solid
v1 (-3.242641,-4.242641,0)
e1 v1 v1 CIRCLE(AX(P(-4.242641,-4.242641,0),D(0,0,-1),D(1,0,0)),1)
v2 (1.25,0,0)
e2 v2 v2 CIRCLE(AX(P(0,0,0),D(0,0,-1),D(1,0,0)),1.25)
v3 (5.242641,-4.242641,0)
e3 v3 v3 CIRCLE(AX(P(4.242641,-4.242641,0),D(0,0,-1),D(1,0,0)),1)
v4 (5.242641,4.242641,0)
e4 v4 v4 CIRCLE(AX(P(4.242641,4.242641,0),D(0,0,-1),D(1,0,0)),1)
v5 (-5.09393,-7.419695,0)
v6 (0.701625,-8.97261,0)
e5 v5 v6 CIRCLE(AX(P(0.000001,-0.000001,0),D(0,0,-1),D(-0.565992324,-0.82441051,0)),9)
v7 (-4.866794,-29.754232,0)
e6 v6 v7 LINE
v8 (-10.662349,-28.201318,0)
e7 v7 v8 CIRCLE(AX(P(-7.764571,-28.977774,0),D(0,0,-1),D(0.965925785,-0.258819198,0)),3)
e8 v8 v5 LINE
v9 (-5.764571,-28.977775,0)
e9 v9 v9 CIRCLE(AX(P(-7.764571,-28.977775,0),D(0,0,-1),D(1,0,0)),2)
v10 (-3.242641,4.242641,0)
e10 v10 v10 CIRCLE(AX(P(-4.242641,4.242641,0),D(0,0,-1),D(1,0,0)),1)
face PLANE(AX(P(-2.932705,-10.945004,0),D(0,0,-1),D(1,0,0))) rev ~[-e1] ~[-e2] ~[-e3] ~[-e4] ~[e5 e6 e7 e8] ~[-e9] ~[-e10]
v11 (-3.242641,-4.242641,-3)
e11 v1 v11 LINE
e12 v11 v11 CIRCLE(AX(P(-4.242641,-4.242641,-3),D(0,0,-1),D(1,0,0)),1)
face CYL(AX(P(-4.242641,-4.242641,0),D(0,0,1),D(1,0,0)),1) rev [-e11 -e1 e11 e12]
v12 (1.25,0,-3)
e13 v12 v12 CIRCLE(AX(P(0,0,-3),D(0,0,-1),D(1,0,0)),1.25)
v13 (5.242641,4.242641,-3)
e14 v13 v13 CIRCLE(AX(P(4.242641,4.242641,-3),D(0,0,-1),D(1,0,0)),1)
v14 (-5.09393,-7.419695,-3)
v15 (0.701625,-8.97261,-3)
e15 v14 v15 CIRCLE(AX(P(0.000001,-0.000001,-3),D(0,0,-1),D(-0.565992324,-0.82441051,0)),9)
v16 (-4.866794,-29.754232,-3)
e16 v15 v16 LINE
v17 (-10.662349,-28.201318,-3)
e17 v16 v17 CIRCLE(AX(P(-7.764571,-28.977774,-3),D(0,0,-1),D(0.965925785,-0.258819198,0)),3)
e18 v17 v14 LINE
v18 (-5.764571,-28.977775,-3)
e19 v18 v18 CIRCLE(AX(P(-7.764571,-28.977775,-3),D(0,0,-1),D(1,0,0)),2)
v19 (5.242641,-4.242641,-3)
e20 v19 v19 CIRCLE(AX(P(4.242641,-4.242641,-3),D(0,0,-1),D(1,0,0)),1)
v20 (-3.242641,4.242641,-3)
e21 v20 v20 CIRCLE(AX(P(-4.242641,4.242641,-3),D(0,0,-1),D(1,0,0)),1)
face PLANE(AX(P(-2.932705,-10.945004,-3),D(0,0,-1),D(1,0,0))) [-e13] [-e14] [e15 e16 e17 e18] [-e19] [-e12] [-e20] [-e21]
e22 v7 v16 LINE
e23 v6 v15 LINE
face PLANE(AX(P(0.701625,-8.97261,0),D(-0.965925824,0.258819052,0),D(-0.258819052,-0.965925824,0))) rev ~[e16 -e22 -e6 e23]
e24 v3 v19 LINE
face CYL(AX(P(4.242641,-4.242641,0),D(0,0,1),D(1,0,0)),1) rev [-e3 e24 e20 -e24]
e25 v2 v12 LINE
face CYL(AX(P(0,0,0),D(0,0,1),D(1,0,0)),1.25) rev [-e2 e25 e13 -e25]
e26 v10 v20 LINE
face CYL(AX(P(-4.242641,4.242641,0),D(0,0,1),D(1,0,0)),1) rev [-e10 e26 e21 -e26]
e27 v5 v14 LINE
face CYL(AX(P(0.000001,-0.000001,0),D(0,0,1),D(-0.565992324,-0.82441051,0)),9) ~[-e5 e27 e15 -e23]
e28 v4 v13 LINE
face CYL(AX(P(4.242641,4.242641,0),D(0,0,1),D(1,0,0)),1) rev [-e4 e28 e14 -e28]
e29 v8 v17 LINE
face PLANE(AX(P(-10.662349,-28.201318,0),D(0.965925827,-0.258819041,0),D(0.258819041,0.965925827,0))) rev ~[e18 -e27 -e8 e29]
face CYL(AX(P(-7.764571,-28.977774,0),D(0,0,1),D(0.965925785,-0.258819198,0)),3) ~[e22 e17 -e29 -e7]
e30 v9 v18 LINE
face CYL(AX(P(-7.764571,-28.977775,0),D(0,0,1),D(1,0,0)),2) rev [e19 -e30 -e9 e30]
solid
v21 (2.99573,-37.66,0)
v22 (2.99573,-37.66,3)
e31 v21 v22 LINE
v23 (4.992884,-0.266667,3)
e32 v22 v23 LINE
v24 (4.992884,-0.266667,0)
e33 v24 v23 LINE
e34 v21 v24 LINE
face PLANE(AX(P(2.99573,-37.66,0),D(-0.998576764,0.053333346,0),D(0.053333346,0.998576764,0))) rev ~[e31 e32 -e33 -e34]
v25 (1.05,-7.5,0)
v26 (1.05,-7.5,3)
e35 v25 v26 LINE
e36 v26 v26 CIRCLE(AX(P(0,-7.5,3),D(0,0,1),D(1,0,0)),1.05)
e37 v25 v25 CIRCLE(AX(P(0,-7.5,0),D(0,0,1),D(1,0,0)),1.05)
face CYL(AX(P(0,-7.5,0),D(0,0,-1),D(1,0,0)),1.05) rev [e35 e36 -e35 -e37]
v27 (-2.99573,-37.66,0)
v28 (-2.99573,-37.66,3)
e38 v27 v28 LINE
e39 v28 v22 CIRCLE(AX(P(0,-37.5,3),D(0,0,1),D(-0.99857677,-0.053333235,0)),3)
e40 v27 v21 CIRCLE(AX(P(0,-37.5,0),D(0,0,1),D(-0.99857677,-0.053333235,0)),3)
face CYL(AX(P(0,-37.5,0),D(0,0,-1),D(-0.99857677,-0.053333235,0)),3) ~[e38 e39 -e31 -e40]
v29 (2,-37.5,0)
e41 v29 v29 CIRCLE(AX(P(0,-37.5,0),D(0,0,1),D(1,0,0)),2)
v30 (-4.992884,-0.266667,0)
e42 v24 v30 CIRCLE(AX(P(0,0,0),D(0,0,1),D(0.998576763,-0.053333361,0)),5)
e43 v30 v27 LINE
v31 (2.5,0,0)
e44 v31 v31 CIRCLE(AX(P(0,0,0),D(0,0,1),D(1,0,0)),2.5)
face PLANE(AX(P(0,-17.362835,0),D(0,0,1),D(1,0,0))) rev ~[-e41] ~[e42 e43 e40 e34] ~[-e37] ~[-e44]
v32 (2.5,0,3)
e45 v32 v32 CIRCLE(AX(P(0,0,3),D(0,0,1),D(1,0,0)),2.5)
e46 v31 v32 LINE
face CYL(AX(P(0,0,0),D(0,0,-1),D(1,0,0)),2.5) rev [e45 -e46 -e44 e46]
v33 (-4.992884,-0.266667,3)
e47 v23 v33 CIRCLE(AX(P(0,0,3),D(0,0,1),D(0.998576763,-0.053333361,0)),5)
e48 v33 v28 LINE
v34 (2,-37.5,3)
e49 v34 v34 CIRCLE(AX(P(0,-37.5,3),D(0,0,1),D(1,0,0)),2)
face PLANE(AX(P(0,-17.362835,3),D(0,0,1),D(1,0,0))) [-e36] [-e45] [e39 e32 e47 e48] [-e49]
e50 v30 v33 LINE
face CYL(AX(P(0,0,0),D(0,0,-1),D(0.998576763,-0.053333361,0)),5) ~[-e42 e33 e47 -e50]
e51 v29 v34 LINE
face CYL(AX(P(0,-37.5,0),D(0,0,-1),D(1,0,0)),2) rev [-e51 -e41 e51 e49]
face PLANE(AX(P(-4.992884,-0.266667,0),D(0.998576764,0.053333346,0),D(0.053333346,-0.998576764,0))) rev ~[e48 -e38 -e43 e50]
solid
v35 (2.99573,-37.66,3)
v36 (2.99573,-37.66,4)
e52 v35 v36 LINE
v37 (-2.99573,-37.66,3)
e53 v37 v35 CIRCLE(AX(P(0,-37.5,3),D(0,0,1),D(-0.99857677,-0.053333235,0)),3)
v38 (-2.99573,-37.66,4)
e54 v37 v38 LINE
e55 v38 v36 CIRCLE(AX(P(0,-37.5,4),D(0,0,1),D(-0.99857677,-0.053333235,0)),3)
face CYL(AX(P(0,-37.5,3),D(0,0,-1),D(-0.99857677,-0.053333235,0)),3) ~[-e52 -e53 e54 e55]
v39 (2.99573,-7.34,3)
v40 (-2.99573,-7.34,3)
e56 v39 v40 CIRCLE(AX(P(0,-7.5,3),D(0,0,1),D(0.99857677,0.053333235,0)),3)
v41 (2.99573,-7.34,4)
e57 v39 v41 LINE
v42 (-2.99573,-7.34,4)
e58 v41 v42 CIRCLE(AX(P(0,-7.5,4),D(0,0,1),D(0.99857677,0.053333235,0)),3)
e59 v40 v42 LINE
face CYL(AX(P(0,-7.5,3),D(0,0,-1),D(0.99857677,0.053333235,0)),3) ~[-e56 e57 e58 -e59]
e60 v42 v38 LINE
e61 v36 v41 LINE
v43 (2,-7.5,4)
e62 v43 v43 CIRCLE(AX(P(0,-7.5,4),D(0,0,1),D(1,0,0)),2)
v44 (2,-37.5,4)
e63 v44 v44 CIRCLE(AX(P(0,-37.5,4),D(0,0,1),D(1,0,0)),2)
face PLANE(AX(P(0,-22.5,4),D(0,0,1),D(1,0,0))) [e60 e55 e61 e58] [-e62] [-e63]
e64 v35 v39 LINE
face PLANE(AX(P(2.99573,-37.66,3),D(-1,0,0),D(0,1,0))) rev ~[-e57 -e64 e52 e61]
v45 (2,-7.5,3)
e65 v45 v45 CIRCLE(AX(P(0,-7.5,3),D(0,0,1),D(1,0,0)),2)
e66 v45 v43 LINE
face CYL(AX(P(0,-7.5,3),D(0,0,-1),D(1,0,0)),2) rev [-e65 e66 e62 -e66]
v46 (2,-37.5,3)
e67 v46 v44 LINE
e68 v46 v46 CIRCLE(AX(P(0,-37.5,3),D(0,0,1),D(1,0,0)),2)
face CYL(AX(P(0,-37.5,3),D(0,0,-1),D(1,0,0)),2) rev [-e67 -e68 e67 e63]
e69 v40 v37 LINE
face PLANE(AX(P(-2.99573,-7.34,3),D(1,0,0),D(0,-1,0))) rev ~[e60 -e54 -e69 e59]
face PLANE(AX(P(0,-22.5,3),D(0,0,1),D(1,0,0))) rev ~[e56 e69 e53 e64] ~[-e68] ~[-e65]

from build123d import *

# Parameters (mm, degrees)
F0_R     = 2
F0_R_2   = 1.05
F0_R_3   = 2.5
F1_DEPTH = 3
F2_R     = 2
F3_DEPTH = 1
F4_R     = 1
F4_R_2   = 1.25
F4_R_3   = 2
F5_DEPTH = 3


with BuildPart() as f1:
    # F0 (on Top) → F1 (new body)
    with BuildSketch(Plane.XY):
        with BuildLine():
            Line((2.99573, -37.66), (4.992884, -0.266667))
            ThreePointArc((4.992884, -0.266667), (0, 5), (-4.992884, -0.266667))
            Line((-4.992884, -0.266667), (-2.99573, -37.66))
            ThreePointArc((-2.99573, -37.66), (0, -40.5), (2.99573, -37.66))
        make_face()
        with Locations((0, -37.5)):
            Circle(F0_R, mode=Mode.SUBTRACT)
        with Locations((0, -7.5)):
            Circle(F0_R_2, mode=Mode.SUBTRACT)
        Circle(F0_R_3, mode=Mode.SUBTRACT)
    extrude(amount=F1_DEPTH)


with BuildPart() as f3:
    # F2 (on face) → F3 (new body)
    with BuildSketch(Plane.XY.offset(3)):
        with BuildLine():
            Line((-2.99573, -7.34), (-2.99573, -37.66))
            ThreePointArc((-2.99573, -37.66), (0, -40.5), (2.99573, -37.66))
            Line((2.99573, -37.66), (2.99573, -7.34))
            ThreePointArc((2.99573, -7.34), (0, -4.5), (-2.99573, -7.34))
        make_face()
        with Locations((0, -37.5)):
            Circle(F2_R, mode=Mode.SUBTRACT)
        with Locations((0, -7.5)):
            Circle(F2_R, mode=Mode.SUBTRACT)
    extrude(amount=F3_DEPTH)


with BuildPart() as f5:
    # F4 (on face) → F5 (new body)
    with BuildSketch(Plane(origin=(0, 0, 0), x_dir=(1, 0, 0), z_dir=(0, 0, -1))):
        with BuildLine():
            Line((-10.662349, 28.201318), (-5.09393, 7.419695))
            ThreePointArc((-5.09393, 7.419695), (2.329371, -8.693332), (0.701625, 8.97261))
            Line((0.701625, 8.97261), (-4.866794, 29.754232))
            ThreePointArc((-4.866794, 29.754232), (-8.541028, 31.875552), (-10.662349, 28.201318))
        make_face()
        with Locations((-4.242641, -4.242641)):
            Circle(F4_R, mode=Mode.SUBTRACT)
        with Locations((-4.242641, 4.242641)):
            Circle(F4_R, mode=Mode.SUBTRACT)
        Circle(F4_R_2, mode=Mode.SUBTRACT)
        with Locations((4.242641, -4.242641)):
            Circle(F4_R, mode=Mode.SUBTRACT)
        with Locations((4.242641, 4.242641)):
            Circle(F4_R, mode=Mode.SUBTRACT)
        with Locations((-7.764571, 28.977775)):
            Circle(F4_R_3, mode=Mode.SUBTRACT)
    extrude(amount=F5_DEPTH)


solid = Compound([f1.part, f3.part, f5.part])
